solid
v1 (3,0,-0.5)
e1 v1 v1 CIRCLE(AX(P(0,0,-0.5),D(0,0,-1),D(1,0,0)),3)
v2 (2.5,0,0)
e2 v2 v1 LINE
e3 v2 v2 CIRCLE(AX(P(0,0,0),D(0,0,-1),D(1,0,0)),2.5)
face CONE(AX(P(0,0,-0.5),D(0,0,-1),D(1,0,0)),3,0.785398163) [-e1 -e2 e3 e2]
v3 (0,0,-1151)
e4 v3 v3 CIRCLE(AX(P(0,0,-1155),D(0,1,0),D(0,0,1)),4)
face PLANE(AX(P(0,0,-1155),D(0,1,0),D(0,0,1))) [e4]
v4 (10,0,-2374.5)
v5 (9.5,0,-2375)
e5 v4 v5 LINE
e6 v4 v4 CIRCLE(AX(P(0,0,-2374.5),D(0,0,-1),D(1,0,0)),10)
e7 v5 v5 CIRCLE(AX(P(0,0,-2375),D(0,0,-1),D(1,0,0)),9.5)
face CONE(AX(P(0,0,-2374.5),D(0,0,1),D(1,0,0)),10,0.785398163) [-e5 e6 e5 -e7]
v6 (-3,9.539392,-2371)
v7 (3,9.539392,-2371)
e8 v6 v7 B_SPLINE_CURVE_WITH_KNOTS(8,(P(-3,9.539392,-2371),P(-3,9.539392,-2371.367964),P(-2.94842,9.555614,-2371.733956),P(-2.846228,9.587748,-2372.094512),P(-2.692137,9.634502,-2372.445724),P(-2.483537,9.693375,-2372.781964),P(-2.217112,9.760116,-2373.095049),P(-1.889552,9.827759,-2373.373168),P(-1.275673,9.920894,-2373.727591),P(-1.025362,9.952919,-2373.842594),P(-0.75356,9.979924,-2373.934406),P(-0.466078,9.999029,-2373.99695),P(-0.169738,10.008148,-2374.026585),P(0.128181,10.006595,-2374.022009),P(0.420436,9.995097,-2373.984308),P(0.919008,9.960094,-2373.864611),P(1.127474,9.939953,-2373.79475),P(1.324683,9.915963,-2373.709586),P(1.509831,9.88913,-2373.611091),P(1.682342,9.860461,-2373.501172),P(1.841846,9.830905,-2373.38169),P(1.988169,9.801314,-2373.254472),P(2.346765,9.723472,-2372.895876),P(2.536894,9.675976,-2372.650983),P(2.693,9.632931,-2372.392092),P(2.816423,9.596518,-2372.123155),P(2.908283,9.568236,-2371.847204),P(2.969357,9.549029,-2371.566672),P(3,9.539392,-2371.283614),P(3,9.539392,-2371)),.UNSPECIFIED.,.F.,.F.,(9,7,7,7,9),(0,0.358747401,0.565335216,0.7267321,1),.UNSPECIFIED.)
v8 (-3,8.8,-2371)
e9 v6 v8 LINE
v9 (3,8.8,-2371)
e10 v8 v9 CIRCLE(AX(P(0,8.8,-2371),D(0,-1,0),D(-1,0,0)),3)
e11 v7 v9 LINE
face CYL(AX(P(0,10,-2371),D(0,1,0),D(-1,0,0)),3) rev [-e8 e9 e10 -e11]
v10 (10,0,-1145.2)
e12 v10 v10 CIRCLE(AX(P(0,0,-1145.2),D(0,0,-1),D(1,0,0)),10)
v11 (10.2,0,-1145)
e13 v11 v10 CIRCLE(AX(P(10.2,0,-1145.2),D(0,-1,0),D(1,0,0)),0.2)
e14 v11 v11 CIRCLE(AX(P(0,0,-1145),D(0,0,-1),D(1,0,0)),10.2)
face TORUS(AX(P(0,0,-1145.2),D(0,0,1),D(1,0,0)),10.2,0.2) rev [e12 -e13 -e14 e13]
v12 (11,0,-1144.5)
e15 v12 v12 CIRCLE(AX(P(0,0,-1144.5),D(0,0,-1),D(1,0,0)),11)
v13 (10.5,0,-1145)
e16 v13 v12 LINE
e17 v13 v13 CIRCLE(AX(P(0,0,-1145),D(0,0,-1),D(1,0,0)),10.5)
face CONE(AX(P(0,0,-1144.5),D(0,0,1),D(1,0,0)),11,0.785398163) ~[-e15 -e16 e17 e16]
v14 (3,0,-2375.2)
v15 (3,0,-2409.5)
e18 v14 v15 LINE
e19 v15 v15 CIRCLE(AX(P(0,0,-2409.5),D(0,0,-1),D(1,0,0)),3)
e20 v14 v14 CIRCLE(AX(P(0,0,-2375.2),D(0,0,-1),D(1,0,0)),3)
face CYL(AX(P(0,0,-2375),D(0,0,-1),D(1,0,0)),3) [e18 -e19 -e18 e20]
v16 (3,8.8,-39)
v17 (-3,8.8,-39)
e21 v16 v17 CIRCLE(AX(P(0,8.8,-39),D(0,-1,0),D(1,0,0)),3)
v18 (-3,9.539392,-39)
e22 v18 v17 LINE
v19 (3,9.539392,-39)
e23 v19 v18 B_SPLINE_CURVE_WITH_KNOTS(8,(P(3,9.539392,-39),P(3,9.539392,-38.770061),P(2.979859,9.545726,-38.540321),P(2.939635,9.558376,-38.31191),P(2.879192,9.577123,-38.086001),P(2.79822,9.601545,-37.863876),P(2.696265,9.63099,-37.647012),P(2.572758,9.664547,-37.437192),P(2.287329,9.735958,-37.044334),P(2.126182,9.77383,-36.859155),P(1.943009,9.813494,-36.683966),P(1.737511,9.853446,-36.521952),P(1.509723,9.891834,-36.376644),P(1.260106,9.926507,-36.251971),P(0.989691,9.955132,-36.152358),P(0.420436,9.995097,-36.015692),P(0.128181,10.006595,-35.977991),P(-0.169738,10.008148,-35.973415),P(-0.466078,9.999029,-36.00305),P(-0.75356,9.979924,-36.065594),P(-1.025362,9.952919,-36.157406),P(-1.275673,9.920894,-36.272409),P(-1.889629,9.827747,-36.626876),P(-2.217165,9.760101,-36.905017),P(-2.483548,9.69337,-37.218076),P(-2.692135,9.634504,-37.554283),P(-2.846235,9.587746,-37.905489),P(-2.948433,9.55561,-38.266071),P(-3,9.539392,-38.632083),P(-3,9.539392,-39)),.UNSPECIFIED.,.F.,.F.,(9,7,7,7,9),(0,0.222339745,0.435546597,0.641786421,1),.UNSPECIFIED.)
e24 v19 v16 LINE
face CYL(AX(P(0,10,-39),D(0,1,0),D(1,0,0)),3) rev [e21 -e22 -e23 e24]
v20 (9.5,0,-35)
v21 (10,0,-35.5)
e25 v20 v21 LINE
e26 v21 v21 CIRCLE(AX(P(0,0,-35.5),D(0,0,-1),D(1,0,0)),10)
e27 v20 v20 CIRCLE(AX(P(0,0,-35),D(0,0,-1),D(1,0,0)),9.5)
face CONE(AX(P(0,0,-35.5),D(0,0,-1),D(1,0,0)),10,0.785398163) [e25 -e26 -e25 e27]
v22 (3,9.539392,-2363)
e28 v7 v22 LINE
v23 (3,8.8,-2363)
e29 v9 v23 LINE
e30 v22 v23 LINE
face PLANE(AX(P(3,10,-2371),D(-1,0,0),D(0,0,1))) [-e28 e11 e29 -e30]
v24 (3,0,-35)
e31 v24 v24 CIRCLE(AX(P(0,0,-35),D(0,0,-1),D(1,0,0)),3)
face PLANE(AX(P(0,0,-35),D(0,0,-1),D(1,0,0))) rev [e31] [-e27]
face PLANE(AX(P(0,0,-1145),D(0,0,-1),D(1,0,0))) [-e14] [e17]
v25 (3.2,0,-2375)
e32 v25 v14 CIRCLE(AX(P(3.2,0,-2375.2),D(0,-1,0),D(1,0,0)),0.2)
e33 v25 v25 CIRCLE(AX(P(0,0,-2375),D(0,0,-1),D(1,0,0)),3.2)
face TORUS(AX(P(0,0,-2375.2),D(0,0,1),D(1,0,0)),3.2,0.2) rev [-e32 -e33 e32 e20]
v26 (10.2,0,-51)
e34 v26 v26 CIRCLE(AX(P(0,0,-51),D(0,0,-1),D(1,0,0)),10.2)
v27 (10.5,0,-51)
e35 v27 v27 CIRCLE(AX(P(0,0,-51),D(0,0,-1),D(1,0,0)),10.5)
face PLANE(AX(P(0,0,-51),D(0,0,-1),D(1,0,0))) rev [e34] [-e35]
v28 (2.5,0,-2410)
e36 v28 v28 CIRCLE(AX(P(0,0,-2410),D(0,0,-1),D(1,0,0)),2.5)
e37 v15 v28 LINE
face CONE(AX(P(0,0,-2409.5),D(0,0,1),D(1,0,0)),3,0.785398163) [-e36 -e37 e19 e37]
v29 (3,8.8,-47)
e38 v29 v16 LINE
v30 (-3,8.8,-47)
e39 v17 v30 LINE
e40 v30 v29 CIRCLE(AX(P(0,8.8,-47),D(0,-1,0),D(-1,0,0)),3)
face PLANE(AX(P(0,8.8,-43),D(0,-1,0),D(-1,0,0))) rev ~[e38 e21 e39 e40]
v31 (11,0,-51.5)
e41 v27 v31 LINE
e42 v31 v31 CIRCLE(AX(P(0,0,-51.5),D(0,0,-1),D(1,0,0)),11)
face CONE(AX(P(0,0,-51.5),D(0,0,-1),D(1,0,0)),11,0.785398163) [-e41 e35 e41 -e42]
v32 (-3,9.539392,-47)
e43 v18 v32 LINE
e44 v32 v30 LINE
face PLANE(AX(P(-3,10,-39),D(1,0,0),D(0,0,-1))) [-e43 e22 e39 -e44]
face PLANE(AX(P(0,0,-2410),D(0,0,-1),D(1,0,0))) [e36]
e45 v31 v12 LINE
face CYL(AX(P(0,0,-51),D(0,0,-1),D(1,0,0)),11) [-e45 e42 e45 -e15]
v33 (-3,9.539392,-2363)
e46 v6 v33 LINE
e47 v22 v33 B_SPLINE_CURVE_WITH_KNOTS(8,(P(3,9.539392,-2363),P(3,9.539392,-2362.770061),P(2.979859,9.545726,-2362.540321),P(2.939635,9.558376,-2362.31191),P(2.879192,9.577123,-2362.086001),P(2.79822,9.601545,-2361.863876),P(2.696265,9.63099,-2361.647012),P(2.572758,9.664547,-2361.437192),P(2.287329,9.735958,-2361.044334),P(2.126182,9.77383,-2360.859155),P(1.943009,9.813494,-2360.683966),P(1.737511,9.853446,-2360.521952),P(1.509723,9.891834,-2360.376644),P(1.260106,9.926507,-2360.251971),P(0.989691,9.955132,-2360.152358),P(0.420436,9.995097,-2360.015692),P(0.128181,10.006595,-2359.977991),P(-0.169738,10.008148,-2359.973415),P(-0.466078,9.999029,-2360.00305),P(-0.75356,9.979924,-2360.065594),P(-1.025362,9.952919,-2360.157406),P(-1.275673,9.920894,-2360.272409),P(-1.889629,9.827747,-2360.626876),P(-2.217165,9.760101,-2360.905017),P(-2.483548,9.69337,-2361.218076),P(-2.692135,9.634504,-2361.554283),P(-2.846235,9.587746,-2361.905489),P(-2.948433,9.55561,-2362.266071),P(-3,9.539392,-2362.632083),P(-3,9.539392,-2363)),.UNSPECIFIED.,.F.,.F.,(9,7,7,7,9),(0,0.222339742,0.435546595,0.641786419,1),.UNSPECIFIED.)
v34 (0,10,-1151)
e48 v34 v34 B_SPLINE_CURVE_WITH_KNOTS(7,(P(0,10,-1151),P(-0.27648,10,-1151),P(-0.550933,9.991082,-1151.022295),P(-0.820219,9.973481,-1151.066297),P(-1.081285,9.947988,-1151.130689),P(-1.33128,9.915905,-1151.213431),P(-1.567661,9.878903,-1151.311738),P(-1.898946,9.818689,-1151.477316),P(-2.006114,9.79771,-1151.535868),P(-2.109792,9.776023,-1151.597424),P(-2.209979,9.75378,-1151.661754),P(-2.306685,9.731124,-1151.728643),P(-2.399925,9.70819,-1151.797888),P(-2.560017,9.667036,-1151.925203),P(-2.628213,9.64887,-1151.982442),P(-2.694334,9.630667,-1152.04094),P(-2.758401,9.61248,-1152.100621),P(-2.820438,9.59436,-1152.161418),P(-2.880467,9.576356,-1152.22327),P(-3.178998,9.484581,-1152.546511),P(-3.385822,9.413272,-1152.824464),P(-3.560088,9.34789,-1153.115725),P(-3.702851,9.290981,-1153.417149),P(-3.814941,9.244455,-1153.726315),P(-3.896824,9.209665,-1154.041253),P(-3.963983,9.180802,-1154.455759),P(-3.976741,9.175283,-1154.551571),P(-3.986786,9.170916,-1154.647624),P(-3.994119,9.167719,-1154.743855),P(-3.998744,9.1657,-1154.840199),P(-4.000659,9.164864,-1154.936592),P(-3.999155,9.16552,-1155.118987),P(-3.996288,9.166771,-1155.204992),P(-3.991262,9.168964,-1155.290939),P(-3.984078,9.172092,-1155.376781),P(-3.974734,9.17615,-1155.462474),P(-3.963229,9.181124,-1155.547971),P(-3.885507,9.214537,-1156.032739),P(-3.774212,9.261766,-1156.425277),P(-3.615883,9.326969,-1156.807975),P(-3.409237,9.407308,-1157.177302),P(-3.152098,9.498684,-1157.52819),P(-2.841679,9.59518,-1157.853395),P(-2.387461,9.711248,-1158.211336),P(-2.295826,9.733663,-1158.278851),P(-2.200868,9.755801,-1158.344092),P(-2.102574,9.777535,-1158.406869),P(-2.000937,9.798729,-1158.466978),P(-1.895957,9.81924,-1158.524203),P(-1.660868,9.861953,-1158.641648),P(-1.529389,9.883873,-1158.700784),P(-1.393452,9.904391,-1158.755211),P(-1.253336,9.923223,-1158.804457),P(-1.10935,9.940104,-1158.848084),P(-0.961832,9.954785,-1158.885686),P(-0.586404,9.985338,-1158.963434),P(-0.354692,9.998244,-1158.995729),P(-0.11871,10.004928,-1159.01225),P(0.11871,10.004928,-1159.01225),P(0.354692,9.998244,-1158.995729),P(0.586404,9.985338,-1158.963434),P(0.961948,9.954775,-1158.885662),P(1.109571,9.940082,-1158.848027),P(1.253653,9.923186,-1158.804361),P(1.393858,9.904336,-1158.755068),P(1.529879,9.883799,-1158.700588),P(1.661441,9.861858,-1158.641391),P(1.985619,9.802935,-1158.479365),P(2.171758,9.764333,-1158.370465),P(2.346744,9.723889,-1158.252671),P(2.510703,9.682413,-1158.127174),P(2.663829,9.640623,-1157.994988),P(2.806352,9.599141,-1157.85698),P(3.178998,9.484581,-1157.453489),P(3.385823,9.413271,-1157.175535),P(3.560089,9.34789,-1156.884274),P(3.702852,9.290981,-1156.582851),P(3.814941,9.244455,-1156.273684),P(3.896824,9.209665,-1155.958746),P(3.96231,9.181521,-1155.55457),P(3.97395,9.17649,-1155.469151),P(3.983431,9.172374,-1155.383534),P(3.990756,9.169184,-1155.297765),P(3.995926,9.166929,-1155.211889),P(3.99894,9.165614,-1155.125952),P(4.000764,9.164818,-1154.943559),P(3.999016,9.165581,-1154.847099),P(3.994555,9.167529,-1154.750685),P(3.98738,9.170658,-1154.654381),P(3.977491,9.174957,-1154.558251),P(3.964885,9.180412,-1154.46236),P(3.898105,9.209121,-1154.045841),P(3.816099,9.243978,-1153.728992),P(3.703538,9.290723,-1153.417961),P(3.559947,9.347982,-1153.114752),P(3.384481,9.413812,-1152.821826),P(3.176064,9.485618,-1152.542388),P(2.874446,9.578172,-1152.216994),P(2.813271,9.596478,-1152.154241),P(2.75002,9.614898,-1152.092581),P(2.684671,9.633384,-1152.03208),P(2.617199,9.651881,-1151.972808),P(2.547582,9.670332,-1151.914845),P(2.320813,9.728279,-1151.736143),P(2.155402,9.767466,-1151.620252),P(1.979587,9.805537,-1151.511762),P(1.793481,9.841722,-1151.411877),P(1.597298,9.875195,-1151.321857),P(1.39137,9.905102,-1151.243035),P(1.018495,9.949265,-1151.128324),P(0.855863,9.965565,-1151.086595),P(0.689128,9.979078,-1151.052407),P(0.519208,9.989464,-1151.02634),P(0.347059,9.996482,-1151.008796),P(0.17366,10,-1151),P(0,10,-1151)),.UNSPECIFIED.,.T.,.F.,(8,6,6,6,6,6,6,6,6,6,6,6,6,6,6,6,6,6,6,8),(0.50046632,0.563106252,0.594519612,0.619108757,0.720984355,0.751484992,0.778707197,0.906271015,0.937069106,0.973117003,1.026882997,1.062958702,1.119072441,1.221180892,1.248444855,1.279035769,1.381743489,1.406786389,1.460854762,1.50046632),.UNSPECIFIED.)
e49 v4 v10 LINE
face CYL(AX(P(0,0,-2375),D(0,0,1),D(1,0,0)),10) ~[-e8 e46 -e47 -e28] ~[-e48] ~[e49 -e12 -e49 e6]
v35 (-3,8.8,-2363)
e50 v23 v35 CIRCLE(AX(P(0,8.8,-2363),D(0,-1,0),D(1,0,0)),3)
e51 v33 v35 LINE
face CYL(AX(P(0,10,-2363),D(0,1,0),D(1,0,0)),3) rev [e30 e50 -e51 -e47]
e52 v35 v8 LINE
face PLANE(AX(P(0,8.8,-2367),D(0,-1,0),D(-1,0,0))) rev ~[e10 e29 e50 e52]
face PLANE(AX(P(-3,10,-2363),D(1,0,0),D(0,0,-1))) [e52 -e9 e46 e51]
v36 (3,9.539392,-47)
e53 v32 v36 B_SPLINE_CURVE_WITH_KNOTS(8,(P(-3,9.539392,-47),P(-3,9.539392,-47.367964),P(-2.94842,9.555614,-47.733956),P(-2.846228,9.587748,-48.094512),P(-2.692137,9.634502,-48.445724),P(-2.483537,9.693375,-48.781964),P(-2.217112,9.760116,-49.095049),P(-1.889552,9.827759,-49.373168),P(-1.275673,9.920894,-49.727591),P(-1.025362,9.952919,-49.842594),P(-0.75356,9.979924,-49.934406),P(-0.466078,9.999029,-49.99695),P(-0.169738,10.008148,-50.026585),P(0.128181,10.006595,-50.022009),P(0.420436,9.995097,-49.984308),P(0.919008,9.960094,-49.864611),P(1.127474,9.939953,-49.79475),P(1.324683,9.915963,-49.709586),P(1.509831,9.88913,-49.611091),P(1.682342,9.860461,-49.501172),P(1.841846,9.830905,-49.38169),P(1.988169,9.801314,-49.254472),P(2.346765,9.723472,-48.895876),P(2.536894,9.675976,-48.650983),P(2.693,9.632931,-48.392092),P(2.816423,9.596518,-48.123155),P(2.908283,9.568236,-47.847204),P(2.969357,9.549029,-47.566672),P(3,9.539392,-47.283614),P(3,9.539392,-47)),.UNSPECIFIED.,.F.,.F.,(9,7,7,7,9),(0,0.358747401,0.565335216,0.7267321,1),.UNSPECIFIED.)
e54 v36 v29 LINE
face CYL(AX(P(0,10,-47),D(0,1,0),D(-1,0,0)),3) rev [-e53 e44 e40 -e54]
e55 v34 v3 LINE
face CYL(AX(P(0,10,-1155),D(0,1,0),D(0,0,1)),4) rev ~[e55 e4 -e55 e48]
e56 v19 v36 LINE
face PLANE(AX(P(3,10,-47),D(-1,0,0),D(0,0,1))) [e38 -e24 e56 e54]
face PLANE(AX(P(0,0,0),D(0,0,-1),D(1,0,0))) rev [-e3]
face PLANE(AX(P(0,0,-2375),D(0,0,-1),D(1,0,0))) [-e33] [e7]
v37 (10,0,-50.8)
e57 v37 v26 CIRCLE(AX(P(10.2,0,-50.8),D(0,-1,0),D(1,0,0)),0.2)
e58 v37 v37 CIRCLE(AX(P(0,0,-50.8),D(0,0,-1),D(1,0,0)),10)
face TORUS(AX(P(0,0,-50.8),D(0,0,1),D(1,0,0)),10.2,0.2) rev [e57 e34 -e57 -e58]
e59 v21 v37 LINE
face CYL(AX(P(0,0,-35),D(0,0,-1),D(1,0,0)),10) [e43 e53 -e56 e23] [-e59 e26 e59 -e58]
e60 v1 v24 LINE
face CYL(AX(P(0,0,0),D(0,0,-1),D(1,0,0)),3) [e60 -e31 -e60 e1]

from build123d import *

# Parameters (mm, degrees)
CUT_EXTRUDE_1_DEPTH = 1.2
CUT_EXTRUDE_2_DEPTH = 1.2
SKETCH_4_R          = 4
CUT_EXTRUDE_3_DEPTH = 10
CHAMFER_1_SIZE      = 0.5
FILLET_1_R          = 0.2
FILLET_2_R          = 0.2
CHAMFER_2_SIZE      = 0.5
CHAMFER_3_SIZE      = 0.5
FILLET_3_R          = 0.2


with BuildPart() as part:
    # Эскиз1 → Повернуть1 (revolve)
    with BuildSketch(Plane(origin=(0, 0, 0), x_dir=(0, 0, -1), z_dir=(1, 0, 0)), mode=Mode.PRIVATE) as revolve_1_sk:
        Polygon((0, 0), (0, 3), (35, 3), (35, 10), (51, 10), (51, 11), (1145, 11), (1145, 10), (1185, 10), (2375, 10), (2375, 3), (2410, 3), (2410, 0), align=None)
    revolve(revolve_1_sk.sketch.rotate(Axis((0, 0, 0), (0, 0, -1)), 90), axis=Axis((0, 0, 0), (0, 0, -1)))

    # Эскиз2 → Вырез-Вытянуть1 (cut)
    with BuildSketch(Plane(origin=(0, 10, 0), x_dir=(1, 0, 0), z_dir=(0, 1, 0))):
        with BuildLine():
            Line((3, 47), (3, 39))
            ThreePointArc((3, 39), (0, 36), (-3, 39))
            Line((-3, 39), (-3, 47))
            ThreePointArc((-3, 47), (0, 50), (3, 47))
        make_face()
    extrude(amount=-CUT_EXTRUDE_1_DEPTH, mode=Mode.SUBTRACT)

    # Эскиз3 → Вырез-Вытянуть2 (cut)
    with BuildSketch(Plane(origin=(0, 10, 0), x_dir=(1, 0, 0), z_dir=(0, 1, 0))):
        with BuildLine():
            Line((3, 2371), (3, 2363))
            ThreePointArc((3, 2363), (0, 2360), (-3, 2363))
            Line((-3, 2363), (-3, 2371))
            ThreePointArc((-3, 2371), (0, 2374), (3, 2371))
        make_face()
    extrude(amount=-CUT_EXTRUDE_2_DEPTH, mode=Mode.SUBTRACT)

    # Эскиз4 → Вырез-Вытянуть3 (cut)
    with BuildSketch(Plane(origin=(0, 10, 0), x_dir=(1, 0, 0), z_dir=(0, 1, 0))):
        with Locations(Location((0, 1155, 0), (0, 0, 270))):
            Circle(SKETCH_4_R)
    extrude(amount=-CUT_EXTRUDE_3_DEPTH, mode=Mode.SUBTRACT)

    # Фаска1
    chamfer_1_edges = [part.edges().sort_by_distance(p)[0] for p in [
        (-3, 0, 0),
        (-10, 0, -35),
        (-11, 0, -51),
    ]]
    chamfer(chamfer_1_edges, length=CHAMFER_1_SIZE)

    # Скругление1
    fillet_1_edges = [part.edges().sort_by_distance(p)[0] for p in [
        (-10, 0, -51),
    ]]
    fillet(fillet_1_edges, radius=FILLET_1_R)

    # Скругление2
    fillet_2_edges = [part.edges().sort_by_distance(p)[0] for p in [
        (-10, 0, -1145),
    ]]
    fillet(fillet_2_edges, radius=FILLET_2_R)

    # Фаска2
    chamfer_2_edges = [part.edges().sort_by_distance(p)[0] for p in [
        (-11, 0, -1145),
    ]]
    chamfer(chamfer_2_edges, length=CHAMFER_2_SIZE)

    # Фаска3
    chamfer_3_edges = [part.edges().sort_by_distance(p)[0] for p in [
        (-10, 0, -2375),
        (-3, 0, -2410),
    ]]
    chamfer(chamfer_3_edges, length=CHAMFER_3_SIZE)

    # Скругление3
    fillet_3_edges = [part.edges().sort_by_distance(p)[0] for p in [
        (-3, 0, -2375),
    ]]
    fillet(fillet_3_edges, radius=FILLET_3_R)


solid = part.part
